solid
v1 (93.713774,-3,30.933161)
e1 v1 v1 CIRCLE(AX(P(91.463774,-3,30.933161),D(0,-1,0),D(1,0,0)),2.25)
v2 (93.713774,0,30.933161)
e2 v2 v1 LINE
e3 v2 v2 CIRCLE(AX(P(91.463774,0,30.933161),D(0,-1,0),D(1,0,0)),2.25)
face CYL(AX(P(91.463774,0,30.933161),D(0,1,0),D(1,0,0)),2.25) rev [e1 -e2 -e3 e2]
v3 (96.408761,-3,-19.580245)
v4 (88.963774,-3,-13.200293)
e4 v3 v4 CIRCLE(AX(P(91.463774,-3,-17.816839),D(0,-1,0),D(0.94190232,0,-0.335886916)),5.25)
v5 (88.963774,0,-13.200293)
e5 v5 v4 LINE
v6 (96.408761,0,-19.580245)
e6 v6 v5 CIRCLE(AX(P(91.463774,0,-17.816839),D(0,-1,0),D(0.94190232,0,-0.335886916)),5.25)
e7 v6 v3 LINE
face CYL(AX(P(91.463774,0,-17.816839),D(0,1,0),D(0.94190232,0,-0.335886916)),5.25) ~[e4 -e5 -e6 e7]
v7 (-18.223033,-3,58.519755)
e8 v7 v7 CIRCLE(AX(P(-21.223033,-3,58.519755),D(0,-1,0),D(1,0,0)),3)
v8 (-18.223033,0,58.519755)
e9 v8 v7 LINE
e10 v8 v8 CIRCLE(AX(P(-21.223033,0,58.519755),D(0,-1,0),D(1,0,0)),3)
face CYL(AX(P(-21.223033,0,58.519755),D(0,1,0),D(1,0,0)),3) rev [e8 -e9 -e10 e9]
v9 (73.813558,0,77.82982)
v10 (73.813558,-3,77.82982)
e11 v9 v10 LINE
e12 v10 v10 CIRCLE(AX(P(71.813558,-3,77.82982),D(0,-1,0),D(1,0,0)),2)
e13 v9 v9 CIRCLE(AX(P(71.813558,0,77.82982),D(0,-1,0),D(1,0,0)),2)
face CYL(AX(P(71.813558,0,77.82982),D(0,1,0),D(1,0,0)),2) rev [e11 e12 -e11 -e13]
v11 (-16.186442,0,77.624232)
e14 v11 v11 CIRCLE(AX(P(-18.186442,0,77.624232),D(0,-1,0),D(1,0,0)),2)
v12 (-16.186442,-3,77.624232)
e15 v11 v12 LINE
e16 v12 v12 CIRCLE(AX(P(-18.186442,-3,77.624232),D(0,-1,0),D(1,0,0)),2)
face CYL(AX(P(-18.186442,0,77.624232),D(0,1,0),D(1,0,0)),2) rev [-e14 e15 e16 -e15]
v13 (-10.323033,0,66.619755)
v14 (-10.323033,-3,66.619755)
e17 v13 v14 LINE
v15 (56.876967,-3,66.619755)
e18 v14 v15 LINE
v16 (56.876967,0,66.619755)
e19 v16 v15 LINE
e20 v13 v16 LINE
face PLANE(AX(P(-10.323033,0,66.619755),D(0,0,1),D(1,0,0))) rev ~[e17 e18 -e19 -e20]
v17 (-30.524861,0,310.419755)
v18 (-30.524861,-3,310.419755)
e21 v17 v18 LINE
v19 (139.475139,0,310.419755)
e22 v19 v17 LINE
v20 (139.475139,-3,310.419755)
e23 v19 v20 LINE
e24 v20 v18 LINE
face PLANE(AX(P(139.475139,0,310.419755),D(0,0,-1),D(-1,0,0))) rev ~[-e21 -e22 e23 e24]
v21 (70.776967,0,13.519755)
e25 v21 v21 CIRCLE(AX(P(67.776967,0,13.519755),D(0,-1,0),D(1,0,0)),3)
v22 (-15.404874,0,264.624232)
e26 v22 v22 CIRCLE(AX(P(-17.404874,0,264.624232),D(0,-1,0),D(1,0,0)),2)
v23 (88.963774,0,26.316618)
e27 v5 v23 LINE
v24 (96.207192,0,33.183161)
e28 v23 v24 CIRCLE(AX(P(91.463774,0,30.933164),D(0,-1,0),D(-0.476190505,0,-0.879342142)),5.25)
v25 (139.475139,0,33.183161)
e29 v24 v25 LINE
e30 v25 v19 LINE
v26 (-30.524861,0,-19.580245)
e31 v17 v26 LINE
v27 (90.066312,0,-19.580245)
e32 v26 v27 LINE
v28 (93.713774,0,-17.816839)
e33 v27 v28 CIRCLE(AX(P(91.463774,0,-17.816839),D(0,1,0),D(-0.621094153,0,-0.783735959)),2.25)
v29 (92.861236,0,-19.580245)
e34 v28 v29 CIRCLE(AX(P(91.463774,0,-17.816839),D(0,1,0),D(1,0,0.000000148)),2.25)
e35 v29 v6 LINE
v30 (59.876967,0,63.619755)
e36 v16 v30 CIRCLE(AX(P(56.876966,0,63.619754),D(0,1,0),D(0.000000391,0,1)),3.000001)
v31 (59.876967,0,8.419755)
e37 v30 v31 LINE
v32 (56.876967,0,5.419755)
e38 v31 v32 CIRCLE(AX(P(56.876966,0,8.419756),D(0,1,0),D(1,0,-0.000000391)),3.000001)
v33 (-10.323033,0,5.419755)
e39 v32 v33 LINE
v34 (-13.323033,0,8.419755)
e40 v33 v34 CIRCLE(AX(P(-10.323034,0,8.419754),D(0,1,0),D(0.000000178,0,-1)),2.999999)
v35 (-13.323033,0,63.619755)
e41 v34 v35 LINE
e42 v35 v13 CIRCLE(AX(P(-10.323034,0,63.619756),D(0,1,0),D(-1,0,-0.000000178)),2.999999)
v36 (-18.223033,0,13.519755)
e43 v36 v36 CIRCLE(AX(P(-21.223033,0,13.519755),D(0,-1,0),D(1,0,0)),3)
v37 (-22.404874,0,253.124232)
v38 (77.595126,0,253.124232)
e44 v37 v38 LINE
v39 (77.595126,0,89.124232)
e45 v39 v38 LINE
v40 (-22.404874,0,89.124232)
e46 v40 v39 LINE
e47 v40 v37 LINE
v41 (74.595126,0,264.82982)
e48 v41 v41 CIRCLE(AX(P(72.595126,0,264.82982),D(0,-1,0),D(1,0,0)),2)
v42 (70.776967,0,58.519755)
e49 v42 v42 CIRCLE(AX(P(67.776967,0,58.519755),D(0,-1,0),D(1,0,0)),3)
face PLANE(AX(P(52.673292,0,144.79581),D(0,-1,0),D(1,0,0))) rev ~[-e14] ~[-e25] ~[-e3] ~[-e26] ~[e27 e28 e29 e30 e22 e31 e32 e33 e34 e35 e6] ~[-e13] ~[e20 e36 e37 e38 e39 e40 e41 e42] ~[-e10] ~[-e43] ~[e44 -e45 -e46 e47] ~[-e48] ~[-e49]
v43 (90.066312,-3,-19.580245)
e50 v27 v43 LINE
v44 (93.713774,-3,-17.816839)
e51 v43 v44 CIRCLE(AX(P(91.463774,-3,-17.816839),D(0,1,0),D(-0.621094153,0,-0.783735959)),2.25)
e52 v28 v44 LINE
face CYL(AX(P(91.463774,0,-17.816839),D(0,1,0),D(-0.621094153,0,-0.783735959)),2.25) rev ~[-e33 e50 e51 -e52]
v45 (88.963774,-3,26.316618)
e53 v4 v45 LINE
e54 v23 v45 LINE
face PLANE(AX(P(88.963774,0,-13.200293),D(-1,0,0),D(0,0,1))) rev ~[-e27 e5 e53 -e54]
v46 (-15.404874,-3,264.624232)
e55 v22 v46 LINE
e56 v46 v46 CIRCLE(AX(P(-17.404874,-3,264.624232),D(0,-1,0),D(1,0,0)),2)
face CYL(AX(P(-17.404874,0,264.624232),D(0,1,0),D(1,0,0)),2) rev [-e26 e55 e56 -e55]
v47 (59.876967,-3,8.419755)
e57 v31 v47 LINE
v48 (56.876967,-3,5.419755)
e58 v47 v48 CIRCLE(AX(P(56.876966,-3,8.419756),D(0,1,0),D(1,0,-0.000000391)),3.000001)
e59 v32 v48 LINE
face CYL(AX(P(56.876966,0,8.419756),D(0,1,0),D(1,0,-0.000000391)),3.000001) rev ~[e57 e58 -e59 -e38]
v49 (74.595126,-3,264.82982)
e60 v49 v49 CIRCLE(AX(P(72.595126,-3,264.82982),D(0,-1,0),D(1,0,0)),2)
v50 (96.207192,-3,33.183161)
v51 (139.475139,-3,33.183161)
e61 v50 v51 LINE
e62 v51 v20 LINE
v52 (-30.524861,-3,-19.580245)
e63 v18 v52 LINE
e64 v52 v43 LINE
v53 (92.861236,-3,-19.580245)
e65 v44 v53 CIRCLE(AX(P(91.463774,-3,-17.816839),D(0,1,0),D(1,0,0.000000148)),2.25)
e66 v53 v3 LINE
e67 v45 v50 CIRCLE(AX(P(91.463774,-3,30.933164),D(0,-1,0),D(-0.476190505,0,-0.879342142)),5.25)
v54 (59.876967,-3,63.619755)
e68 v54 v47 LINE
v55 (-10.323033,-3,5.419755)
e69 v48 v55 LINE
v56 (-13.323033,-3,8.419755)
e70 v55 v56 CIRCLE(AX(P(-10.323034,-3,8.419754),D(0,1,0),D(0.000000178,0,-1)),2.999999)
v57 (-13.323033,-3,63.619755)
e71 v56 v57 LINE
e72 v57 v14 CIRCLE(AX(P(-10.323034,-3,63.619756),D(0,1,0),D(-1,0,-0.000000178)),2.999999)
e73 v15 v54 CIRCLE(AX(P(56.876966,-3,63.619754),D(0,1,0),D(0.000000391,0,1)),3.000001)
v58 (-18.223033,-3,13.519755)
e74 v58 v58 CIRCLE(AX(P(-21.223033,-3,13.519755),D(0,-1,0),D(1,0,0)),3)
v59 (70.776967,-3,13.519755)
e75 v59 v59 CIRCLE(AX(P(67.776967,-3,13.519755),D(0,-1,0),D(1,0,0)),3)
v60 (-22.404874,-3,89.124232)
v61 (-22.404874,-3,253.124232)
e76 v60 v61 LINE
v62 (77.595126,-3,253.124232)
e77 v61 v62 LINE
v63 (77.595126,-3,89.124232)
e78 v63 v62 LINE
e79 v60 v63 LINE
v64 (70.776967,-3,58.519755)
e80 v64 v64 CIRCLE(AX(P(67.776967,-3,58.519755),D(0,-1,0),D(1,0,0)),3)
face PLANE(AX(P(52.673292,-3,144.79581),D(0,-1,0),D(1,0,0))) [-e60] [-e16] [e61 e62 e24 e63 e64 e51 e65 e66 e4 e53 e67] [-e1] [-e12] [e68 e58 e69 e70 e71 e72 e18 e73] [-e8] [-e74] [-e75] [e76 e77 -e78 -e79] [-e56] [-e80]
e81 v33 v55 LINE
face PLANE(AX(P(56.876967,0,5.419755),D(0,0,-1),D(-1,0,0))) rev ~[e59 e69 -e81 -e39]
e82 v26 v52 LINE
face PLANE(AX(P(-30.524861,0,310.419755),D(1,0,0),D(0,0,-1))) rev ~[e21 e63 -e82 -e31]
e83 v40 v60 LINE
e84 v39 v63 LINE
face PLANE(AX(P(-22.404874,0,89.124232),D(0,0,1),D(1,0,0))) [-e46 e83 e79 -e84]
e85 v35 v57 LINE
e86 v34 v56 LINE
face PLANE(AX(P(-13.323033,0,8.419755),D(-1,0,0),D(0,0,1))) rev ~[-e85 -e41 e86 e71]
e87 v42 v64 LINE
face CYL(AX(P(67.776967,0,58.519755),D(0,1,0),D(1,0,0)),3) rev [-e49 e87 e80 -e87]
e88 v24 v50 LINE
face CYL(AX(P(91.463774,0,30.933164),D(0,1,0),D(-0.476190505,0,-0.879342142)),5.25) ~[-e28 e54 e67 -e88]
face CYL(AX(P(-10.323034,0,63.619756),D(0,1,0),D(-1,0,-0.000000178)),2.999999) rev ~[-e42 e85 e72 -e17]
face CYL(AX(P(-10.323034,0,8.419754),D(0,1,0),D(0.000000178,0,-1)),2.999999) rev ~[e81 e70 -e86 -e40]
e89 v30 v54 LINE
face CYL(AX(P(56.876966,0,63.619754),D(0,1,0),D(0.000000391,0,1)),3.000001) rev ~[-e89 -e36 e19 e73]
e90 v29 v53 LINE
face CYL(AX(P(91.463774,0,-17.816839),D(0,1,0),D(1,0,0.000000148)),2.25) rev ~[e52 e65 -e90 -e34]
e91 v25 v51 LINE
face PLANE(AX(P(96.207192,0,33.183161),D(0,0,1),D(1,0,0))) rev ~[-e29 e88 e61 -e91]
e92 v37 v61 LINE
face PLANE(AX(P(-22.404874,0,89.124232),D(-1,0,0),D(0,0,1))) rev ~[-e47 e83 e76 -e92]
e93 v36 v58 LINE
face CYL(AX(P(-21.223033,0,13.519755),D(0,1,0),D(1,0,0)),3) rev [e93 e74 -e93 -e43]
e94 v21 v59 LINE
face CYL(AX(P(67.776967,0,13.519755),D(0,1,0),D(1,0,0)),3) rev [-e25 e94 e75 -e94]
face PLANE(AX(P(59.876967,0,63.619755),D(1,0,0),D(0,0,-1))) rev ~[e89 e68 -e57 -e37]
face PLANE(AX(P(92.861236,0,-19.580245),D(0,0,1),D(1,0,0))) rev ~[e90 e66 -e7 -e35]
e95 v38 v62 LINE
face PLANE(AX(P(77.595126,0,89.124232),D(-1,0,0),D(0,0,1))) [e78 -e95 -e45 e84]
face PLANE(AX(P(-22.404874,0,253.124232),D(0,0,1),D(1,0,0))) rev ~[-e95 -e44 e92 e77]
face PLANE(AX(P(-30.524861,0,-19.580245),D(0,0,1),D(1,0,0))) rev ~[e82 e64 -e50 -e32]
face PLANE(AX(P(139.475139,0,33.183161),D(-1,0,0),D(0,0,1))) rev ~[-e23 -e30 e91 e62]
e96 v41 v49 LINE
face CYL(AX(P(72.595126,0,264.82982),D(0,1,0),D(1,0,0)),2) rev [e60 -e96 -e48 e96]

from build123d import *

# Parameters (mm, degrees)
F0_R     = 3
F0_R_2   = 2
F0_R_3   = 2.25
F0_W     = 100
F0_H     = 164
F1_DEPTH = 3


with BuildPart() as f1:
    # F0 (on Front) → F1 (new body)
    with BuildSketch(Plane.XZ):
        with BuildLine():
            Line((92.861236, -19.580245), (96.408761, -19.580245))
            ThreePointArc((96.408761, -19.580245), (94.879976, -13.830354), (88.963774, -13.200293))
            Line((88.963774, -13.200293), (88.963774, 26.316618))
            ThreePointArc((88.963774, 26.316618), (95.075641, 27.123057), (96.207192, 33.183161))
            Line((96.207192, 33.183161), (139.475139, 33.183161))
            Line((139.475139, 33.183161), (139.475139, 310.419755))
            Line((139.475139, 310.419755), (-30.524861, 310.419755))
            Line((-30.524861, 310.419755), (-30.524861, -19.580245))
            Line((-30.524861, -19.580245), (90.066312, -19.580245))
            ThreePointArc((90.066312, -19.580245), (90.484435, -15.791155), (93.713774, -17.816839))
            ThreePointArc((93.713774, -17.816839), (93.489458, -18.796178), (92.861236, -19.580245))
        make_face()
        with Locations((-21.223033, 13.519755)):
            Circle(F0_R, mode=Mode.SUBTRACT)
        with Locations((-21.223033, 58.519755)):
            Circle(F0_R, mode=Mode.SUBTRACT)
        with BuildLine():
            ThreePointArc((-13.323033, 63.619755), (-12.444354, 65.741075), (-10.323033, 66.619755))
            Line((-10.323033, 66.619755), (23.276967, 66.619755))
            Line((23.276967, 66.619755), (56.876967, 66.619755))
            ThreePointArc((56.876967, 66.619755), (58.998287, 65.741075), (59.876967, 63.619755))
            Line((59.876967, 63.619755), (59.876967, 36.019755))
            Line((59.876967, 36.019755), (59.876967, 8.419755))
            ThreePointArc((59.876967, 8.419755), (58.998287, 6.298435), (56.876967, 5.419755))
            Line((56.876967, 5.419755), (23.276967, 5.419755))
            Line((23.276967, 5.419755), (-10.323033, 5.419755))
            ThreePointArc((-10.323033, 5.419755), (-12.444354, 6.298435), (-13.323033, 8.419755))
            Line((-13.323033, 8.419755), (-13.323033, 36.019755))
            Line((-13.323033, 36.019755), (-13.323033, 63.619755))
        make_face(mode=Mode.SUBTRACT)
        with Locations((-18.186442, 77.624232)):
            Circle(F0_R_2, mode=Mode.SUBTRACT)
        with Locations((67.776967, 13.519755)):
            Circle(F0_R, mode=Mode.SUBTRACT)
        with Locations((67.776967, 58.519755)):
            Circle(F0_R, mode=Mode.SUBTRACT)
        with Locations((91.463774, 30.933161)):
            Circle(F0_R_3, mode=Mode.SUBTRACT)
        with Locations((71.813558, 77.82982)):
            Circle(F0_R_2, mode=Mode.SUBTRACT)
        with Locations((27.595126, 171.124232)):
            Rectangle(F0_W, F0_H, mode=Mode.SUBTRACT)
        with Locations((-17.404874, 264.624232)):
            Circle(F0_R_2, mode=Mode.SUBTRACT)
        with Locations((72.595126, 264.82982)):
            Circle(F0_R_2, mode=Mode.SUBTRACT)
    extrude(amount=F1_DEPTH)


solid = f1.part
